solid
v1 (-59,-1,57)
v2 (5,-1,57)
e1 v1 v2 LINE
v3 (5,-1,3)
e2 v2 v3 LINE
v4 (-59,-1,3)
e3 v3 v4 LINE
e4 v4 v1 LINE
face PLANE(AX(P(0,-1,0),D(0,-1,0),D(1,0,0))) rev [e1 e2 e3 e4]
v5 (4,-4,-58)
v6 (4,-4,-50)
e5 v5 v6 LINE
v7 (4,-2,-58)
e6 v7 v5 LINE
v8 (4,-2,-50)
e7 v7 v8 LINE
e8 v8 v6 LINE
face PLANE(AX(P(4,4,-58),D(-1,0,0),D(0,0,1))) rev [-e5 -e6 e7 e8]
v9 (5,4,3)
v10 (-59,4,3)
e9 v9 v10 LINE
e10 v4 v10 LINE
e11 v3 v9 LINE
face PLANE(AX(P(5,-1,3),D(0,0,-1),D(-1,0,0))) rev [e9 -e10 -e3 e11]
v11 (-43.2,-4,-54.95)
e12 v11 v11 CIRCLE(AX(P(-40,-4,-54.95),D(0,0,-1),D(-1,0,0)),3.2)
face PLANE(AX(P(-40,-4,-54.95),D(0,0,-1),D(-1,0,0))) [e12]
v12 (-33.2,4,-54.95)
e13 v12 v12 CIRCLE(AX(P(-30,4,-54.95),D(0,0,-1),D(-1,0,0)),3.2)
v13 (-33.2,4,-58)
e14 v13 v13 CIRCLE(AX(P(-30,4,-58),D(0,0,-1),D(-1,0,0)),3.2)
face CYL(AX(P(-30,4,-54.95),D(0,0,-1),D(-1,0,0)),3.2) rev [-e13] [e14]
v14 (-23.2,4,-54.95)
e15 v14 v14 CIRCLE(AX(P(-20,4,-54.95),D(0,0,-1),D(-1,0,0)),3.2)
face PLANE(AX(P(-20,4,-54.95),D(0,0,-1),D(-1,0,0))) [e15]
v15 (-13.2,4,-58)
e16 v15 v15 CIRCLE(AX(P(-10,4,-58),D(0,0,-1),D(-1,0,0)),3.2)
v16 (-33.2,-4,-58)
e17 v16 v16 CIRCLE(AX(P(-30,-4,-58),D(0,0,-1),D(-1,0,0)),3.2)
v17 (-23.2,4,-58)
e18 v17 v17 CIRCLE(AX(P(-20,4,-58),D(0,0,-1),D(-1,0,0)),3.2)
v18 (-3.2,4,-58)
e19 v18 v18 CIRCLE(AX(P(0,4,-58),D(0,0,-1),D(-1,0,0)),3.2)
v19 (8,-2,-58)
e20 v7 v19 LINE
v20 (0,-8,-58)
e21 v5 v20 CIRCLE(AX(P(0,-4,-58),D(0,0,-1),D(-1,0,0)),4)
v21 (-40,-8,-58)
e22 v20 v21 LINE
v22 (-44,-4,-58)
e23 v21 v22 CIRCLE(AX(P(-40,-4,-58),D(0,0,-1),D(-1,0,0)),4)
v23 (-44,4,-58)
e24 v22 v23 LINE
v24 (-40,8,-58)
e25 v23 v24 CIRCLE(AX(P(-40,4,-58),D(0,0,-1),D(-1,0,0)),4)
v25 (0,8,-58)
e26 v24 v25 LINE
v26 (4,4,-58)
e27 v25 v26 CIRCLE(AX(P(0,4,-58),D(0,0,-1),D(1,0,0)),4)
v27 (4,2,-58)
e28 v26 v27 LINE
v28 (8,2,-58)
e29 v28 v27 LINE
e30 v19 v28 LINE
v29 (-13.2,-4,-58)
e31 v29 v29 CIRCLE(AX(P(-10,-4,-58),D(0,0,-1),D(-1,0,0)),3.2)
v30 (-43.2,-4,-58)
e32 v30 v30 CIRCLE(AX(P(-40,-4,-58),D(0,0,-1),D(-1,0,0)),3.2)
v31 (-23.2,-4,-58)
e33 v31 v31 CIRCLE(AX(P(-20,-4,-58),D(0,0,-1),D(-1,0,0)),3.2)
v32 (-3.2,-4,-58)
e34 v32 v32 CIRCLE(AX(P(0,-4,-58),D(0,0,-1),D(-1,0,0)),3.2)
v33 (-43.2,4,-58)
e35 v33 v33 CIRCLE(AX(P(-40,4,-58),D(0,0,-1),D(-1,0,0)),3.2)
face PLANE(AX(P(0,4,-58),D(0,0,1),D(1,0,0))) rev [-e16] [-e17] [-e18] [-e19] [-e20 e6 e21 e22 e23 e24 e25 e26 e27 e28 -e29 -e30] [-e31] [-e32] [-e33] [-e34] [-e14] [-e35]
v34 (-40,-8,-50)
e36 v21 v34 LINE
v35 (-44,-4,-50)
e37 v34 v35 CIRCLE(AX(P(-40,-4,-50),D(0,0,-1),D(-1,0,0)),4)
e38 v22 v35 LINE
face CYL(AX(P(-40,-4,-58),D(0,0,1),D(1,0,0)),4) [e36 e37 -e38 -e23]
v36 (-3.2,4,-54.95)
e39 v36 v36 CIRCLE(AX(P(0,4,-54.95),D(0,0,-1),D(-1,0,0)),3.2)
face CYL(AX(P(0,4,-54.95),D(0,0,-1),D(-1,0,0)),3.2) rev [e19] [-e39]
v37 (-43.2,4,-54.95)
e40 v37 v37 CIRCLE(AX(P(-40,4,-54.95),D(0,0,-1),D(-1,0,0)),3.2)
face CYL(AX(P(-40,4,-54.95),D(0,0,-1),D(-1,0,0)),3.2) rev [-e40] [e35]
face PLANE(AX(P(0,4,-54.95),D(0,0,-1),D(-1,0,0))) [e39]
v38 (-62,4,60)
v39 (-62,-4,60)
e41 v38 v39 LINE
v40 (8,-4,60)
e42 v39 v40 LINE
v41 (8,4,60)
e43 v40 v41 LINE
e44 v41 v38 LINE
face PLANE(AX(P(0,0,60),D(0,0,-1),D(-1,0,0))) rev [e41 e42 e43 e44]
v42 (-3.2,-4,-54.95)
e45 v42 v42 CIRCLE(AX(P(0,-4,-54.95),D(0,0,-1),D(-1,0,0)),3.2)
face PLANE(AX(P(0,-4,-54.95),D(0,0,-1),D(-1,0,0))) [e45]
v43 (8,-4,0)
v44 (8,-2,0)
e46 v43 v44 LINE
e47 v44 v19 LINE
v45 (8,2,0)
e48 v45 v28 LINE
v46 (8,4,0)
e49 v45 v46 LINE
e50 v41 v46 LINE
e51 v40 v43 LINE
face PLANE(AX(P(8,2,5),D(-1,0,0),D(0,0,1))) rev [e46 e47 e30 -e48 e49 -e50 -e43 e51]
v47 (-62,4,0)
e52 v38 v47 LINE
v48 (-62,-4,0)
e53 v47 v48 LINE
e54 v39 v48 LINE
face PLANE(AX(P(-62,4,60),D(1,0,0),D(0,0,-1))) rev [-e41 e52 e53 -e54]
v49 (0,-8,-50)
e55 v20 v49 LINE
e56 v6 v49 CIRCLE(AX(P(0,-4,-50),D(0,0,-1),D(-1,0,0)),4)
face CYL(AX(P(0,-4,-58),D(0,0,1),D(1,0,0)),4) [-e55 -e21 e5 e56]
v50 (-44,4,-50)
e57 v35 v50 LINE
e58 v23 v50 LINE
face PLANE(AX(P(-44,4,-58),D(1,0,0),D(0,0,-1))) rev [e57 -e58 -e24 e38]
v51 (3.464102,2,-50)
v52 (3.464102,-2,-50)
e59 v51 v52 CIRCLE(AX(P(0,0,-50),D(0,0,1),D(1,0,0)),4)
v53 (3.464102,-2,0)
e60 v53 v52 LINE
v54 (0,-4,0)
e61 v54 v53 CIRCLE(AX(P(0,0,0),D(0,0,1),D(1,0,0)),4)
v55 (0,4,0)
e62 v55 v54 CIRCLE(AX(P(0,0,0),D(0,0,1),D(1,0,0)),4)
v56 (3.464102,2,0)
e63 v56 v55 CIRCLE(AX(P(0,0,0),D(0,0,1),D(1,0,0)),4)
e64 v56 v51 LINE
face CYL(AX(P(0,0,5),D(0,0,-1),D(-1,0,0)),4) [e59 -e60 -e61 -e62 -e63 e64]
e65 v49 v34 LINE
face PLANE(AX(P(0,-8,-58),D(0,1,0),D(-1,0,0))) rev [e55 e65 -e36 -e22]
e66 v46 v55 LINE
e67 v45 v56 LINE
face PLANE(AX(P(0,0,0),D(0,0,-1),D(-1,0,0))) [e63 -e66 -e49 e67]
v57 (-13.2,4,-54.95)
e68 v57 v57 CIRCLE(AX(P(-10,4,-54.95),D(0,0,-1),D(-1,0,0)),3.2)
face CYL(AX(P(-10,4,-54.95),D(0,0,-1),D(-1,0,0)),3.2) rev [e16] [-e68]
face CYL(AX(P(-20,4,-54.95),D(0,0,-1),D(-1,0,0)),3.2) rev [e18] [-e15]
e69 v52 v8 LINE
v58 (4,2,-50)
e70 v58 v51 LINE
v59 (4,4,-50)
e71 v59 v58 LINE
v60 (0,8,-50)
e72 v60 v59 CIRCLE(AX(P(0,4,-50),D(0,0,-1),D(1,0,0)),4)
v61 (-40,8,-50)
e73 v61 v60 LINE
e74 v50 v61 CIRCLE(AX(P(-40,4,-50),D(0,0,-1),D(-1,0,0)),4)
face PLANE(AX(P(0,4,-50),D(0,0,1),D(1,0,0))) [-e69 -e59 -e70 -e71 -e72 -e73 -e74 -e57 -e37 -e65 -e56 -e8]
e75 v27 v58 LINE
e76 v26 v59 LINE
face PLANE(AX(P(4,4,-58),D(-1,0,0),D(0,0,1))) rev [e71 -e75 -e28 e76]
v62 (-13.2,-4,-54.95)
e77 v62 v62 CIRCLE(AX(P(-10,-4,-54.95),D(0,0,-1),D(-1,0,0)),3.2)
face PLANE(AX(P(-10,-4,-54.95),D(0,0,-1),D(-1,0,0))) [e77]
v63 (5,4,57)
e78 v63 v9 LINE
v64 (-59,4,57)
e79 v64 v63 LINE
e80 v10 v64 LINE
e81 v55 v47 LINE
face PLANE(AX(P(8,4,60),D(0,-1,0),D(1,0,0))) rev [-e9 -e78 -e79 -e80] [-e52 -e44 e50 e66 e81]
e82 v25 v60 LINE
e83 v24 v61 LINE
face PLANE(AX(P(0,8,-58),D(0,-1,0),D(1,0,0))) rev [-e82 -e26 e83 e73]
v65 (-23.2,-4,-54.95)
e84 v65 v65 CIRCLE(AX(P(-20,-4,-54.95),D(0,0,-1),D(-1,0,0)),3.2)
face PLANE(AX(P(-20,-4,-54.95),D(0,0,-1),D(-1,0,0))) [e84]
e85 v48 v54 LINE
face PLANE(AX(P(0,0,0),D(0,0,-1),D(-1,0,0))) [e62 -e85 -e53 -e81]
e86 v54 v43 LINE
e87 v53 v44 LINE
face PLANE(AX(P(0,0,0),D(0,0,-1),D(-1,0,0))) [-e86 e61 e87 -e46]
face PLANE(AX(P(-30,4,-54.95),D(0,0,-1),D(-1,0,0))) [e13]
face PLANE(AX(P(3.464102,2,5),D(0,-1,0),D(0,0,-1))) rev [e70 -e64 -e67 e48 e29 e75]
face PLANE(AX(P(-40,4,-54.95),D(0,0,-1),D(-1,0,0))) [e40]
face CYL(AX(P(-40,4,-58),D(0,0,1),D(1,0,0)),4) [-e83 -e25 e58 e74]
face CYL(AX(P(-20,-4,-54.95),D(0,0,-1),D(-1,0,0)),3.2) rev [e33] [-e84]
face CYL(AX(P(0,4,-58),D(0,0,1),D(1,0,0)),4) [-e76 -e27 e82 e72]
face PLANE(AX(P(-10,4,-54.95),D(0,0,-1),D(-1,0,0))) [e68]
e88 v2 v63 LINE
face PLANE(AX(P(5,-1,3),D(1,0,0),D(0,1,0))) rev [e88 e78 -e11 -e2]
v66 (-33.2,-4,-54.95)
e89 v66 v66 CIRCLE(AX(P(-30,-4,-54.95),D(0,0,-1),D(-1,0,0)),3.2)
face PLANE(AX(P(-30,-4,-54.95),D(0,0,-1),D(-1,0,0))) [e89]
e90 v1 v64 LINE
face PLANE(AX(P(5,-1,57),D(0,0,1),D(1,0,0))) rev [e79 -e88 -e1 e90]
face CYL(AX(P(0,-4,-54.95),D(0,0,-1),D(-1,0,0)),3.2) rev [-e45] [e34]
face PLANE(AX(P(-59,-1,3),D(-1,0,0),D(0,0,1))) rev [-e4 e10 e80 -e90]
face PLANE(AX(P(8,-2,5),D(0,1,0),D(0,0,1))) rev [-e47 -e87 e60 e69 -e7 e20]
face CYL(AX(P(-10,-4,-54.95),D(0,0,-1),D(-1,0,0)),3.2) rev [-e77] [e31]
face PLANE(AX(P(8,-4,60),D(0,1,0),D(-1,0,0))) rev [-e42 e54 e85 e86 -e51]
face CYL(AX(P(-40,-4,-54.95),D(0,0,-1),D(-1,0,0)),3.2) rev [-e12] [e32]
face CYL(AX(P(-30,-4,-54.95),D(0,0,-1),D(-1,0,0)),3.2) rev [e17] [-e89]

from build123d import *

# Parameters (mm, degrees)
EXTRUDE_1_DEPTH      = 5
EXTRUDE_1_DEPTH_BACK = 50
SKETCH_13_R          = 8.470611641
CUT_EXTRUDE_6_DEPTH  = 5
EXTRUDE_7_DEPTH      = 8
SKETCH_27_W          = 4
SKETCH_27_H          = 4
EXTRUDE_9_DEPTH      = 8
SKETCH_24_R          = 3.2
CUT_EXTRUDE_9_DEPTH  = 3.05
SKETCH_21_W          = 70
SKETCH_21_H          = 8
EXTRUDE_6_DEPTH      = 60
SKETCH_22_W          = 64
SKETCH_22_H          = 54
CUT_EXTRUDE_8_DEPTH  = 5


with BuildPart() as part:
    # ｽｹｯﾁ1 → ﾎﾞｽ - 押し出し1 (new, two sides: drawn at the far end of the back side and taken through both)
    with BuildSketch(Plane.XY.offset(-EXTRUDE_1_DEPTH_BACK)):
        with BuildLine():
            Line((3.464101615, 2), (8, 2))
            Line((8, 2), (8, -2))
            Line((8, -2), (3.464101615, -2))
            ThreePointArc((3.464101615, -2), (-4, 0), (3.464101615, 2))
        make_face()
    extrude(amount=EXTRUDE_1_DEPTH + EXTRUDE_1_DEPTH_BACK)

    # ｽｹｯﾁ13 → ｶｯﾄ - 押し出し6 (cut)
    with BuildSketch(Plane.XY.offset(5)):
        Circle(SKETCH_13_R)
    extrude(amount=-CUT_EXTRUDE_6_DEPTH, mode=Mode.SUBTRACT)

    # ｽｹｯﾁ23 → ﾎﾞｽ - 押し出し7 (add)
    with BuildSketch(Plane(origin=(0, 0, -50), x_dir=(-1, 0, 0), z_dir=(0, 0, -1))):
        with BuildLine():
            Line((-4, 4), (-4, -4))
            ThreePointArc((-4, -4), (-2.828427125, -6.828427125), (0, -8))
            Line((0, -8), (40, -8))
            ThreePointArc((40, -8), (42.828427125, -6.828427125), (44, -4))
            Line((44, -4), (44, 4))
            ThreePointArc((44, 4), (42.828427125, 6.828427125), (40, 8))
            Line((40, 8), (0, 8))
            ThreePointArc((0, 8), (-2.828427125, 6.828427125), (-4, 4))
        make_face()
    extrude(amount=EXTRUDE_7_DEPTH)

    # ｽｹｯﾁ27 → ﾎﾞｽ - 押し出し9 (add)
    with BuildSketch(Plane(origin=(0, 0, -50), x_dir=(-1, 0, 0), z_dir=(0, 0, -1))):
        with Locations((-6, 0)):
            Rectangle(SKETCH_27_W, SKETCH_27_H)
    extrude(amount=EXTRUDE_9_DEPTH)

    # ｽｹｯﾁ24 → ｶｯﾄ - 押し出し9 (cut)
    with BuildSketch(Plane(origin=(0, 0, -58), x_dir=(-1, 0, 0), z_dir=(0, 0, -1))):
        with Locations((0, 4)):
            Circle(SKETCH_24_R)
        with Locations((40, 4)):
            Circle(SKETCH_24_R)
        with Locations((40, -4)):
            Circle(SKETCH_24_R)
        with Locations((0, -4)):
            Circle(SKETCH_24_R)
        with Locations((10, 4)):
            Circle(SKETCH_24_R)
        with Locations((20, 4)):
            Circle(SKETCH_24_R)
        with Locations((30, 4)):
            Circle(SKETCH_24_R)
        with Locations((10, -4)):
            Circle(SKETCH_24_R)
        with Locations((20, -4)):
            Circle(SKETCH_24_R)
        with Locations((30, -4)):
            Circle(SKETCH_24_R)
    extrude(amount=-CUT_EXTRUDE_9_DEPTH, mode=Mode.SUBTRACT)

    # ｽｹｯﾁ21 → ﾎﾞｽ - 押し出し6 (add)
    with BuildSketch(Plane.XY):
        with Locations((-27, 0)):
            Rectangle(SKETCH_21_W, SKETCH_21_H)
    extrude(amount=EXTRUDE_6_DEPTH)

    # ｽｹｯﾁ22 → ｶｯﾄ - 押し出し8 (cut)
    with BuildSketch(Plane(origin=(0, 4, 0), x_dir=(1, 0, 0), z_dir=(0, 1, 0))):
        with Locations((-27, -30)):
            Rectangle(SKETCH_22_W, SKETCH_22_H)
    extrude(amount=-CUT_EXTRUDE_8_DEPTH, mode=Mode.SUBTRACT)


solid = part.part
